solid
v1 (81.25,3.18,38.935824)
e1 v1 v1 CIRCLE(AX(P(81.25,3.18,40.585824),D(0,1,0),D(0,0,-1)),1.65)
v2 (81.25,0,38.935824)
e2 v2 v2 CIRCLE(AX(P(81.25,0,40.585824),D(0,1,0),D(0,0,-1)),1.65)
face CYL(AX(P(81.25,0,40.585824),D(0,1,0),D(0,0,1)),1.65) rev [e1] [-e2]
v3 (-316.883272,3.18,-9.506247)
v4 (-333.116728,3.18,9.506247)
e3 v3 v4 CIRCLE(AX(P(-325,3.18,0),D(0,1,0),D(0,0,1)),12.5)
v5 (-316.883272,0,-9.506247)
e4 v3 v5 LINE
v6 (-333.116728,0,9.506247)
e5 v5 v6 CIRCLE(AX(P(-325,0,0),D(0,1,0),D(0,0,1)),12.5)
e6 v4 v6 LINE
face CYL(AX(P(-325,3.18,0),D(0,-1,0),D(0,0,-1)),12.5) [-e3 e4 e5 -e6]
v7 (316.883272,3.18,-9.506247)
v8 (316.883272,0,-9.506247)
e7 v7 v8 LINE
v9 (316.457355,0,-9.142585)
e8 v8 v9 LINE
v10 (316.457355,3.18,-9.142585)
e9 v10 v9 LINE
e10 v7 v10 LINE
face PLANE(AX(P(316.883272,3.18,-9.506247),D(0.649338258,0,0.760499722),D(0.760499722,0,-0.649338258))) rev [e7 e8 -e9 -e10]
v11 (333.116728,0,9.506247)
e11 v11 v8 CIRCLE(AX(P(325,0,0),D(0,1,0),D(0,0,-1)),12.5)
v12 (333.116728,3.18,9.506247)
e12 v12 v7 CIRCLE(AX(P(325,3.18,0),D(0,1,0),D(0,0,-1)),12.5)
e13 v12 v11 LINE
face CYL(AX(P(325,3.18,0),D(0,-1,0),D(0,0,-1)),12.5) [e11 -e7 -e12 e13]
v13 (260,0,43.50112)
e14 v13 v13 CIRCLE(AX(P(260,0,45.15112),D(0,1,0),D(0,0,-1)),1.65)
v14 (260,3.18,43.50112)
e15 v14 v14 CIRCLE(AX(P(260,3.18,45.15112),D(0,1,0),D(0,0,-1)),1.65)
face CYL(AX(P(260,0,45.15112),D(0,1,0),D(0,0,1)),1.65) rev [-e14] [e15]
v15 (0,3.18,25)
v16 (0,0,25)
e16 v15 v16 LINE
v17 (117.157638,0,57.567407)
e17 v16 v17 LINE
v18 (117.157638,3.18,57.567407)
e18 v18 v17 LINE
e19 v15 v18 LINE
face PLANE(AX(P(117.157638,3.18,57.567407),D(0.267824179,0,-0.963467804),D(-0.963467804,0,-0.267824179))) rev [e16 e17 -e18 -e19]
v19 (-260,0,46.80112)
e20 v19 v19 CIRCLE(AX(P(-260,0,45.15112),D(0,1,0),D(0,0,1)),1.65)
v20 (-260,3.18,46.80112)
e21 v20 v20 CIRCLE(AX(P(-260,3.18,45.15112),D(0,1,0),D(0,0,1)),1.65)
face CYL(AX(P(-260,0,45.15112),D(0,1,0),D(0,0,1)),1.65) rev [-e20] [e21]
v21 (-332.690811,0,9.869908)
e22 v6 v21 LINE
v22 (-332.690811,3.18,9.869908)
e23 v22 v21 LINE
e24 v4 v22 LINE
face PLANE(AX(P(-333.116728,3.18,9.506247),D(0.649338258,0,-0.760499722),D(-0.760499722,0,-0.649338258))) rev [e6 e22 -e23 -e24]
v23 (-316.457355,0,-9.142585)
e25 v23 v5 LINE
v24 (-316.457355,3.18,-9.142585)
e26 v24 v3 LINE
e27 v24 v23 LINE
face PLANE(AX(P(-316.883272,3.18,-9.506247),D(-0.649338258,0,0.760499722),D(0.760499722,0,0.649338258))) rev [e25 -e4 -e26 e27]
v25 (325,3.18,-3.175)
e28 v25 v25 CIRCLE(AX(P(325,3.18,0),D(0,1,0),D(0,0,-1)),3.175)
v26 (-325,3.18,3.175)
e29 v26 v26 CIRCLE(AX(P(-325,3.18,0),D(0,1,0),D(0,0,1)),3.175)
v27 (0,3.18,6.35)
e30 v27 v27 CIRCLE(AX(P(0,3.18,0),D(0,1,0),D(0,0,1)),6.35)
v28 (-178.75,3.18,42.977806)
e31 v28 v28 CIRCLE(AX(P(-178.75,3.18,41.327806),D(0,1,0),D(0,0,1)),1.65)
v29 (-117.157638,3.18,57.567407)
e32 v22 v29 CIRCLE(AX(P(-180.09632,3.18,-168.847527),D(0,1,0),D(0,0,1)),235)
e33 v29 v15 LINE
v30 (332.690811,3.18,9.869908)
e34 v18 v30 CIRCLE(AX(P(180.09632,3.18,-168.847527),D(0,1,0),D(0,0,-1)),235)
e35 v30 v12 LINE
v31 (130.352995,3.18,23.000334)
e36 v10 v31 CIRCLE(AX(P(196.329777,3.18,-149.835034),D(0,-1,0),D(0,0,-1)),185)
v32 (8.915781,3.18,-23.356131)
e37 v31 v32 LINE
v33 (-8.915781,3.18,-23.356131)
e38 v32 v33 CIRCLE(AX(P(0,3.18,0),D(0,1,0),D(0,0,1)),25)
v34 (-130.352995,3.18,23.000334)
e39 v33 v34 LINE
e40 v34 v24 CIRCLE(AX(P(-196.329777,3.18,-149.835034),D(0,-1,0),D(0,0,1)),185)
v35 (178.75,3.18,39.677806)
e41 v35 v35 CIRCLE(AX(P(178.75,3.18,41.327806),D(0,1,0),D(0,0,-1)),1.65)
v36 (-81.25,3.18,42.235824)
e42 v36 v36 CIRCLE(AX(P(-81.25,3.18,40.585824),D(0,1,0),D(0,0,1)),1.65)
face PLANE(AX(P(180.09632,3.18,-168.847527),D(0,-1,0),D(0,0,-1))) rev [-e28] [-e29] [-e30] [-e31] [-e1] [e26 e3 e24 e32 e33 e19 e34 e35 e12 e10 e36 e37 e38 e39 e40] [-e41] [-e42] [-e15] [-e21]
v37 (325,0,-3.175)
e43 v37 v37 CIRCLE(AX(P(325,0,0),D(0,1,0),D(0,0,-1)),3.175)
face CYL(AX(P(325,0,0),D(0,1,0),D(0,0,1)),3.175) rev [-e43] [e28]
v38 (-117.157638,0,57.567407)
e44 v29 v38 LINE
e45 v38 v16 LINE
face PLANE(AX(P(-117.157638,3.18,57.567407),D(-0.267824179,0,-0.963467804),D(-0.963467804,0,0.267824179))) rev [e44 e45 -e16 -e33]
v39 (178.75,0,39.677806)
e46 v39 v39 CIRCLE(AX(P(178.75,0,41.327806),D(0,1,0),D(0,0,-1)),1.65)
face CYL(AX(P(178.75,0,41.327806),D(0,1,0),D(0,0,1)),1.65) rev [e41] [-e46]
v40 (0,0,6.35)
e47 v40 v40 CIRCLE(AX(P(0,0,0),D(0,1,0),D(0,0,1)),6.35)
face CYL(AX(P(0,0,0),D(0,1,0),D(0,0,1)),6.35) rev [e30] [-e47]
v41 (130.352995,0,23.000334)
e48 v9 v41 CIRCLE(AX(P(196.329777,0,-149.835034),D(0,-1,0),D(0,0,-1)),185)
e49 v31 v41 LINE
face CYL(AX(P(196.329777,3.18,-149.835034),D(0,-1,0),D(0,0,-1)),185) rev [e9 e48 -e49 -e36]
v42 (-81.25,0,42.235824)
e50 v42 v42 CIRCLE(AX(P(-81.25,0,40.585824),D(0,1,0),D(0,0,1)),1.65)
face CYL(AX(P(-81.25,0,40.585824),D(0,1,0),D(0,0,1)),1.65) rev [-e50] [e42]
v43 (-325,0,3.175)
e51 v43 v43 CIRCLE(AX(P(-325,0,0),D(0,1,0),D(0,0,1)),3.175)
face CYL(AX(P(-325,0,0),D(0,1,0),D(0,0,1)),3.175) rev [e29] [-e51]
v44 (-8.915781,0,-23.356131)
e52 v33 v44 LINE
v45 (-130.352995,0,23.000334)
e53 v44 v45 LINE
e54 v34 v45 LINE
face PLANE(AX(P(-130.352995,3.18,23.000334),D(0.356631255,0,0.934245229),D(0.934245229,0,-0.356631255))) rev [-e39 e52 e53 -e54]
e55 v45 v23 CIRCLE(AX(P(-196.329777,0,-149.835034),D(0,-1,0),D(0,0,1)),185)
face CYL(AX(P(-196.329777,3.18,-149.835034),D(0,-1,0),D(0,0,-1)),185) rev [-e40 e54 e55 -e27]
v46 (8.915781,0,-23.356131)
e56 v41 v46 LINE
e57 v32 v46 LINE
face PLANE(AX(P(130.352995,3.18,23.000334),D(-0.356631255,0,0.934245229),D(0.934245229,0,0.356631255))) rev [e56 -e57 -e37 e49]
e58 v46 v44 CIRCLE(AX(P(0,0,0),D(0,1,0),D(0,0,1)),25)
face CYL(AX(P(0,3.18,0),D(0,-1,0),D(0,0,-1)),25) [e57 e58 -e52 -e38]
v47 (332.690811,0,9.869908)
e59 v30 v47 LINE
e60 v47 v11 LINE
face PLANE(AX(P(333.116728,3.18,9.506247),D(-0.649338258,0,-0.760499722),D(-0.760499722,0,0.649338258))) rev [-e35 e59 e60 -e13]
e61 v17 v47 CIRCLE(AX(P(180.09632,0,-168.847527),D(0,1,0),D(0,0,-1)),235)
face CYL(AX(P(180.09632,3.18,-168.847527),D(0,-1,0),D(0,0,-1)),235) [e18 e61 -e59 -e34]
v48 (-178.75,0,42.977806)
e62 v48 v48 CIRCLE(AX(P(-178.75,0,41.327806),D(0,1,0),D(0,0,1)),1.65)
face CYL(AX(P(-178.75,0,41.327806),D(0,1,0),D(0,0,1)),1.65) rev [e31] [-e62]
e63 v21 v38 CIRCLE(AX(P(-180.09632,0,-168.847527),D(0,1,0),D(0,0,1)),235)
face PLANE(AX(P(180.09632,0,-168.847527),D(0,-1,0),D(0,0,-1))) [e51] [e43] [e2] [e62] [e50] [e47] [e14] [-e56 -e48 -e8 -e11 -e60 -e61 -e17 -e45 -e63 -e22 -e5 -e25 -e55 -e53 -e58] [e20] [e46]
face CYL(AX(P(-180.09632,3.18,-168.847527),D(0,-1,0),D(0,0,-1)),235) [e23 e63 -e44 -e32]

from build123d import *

# Parameters (mm, degrees)
BOSS_EXTRUDE1_DEPTH = 3.18
SKETCH3_R           = 3.175
SKETCH3_R_2         = 6.35
SKETCH3_R_3         = 1.65
CUT_EXTRUDE1_DEPTH  = 4.18


with BuildPart() as part:
    # Sketch1 → Boss-Extrude1 (new body)
    with BuildSketch(Plane(origin=(0, 0, 0), x_dir=(1, 0, 0), z_dir=(0, 1, 0))):
        with BuildLine():
            Line((-316.883271773, 9.506246519), (-316.457354569, 9.142585196))
            ThreePointArc((-316.457354569, 9.142585196), (-227.815789201, -32.465901654), (-130.352994696, -23.000333716))
            Line((-130.352994696, -23.000333716), (-8.915781366, 23.356130729))
            ThreePointArc((-8.915781366, 23.356130729), (0, 25), (8.915781366, 23.356130729))
            Line((8.915781366, 23.356130729), (130.352994696, -23.000333716))
            ThreePointArc((130.352994696, -23.000333716), (227.815789201, -32.465901654), (316.457354569, 9.142585196))
            Line((316.457354569, 9.142585196), (316.883271773, 9.506246519))
            ThreePointArc((316.883271773, 9.506246519), (334.506246519, 8.116728227), (333.116728227, -9.506246519))
            Line((333.116728227, -9.506246519), (332.690811024, -9.869907842))
            ThreePointArc((332.690811024, -9.869907842), (230.873321689, -60.601151934), (117.157638275, -57.567407196))
            Line((117.157638275, -57.567407196), (0, -25))
            Line((0, -25), (-117.157638275, -57.567407196))
            ThreePointArc((-117.157638275, -57.567407196), (-230.873321689, -60.601151934), (-332.690811024, -9.869907842))
            Line((-332.690811024, -9.869907842), (-333.116728227, -9.506246519))
            ThreePointArc((-333.116728227, -9.506246519), (-334.506246519, 8.116728227), (-316.883271773, 9.506246519))
        make_face()
    extrude(amount=BOSS_EXTRUDE1_DEPTH)

    # Sketch3 → Cut-Extrude1 (cut, through all)
    with BuildSketch(Plane(origin=(0, 3.18, 0), x_dir=(1, 0, 0), z_dir=(0, 1, 0))):
        with Locations((-325, 0)):
            Circle(SKETCH3_R)
        Circle(SKETCH3_R_2)
        with Locations((-260, -45.151120288)):
            Circle(SKETCH3_R_3)
        with Locations((-178.75, -41.327805807)):
            Circle(SKETCH3_R_3)
        with Locations((-81.25, -40.58582431)):
            Circle(SKETCH3_R_3)
        with Locations((81.25, -40.58582431)):
            Circle(SKETCH3_R_3)
        with Locations((178.75, -41.327805807)):
            Circle(SKETCH3_R_3)
        with Locations((260, -45.151120288)):
            Circle(SKETCH3_R_3)
        with Locations((325, 0)):
            Circle(SKETCH3_R)
    extrude(amount=-CUT_EXTRUDE1_DEPTH, mode=Mode.SUBTRACT)


solid = part.part
